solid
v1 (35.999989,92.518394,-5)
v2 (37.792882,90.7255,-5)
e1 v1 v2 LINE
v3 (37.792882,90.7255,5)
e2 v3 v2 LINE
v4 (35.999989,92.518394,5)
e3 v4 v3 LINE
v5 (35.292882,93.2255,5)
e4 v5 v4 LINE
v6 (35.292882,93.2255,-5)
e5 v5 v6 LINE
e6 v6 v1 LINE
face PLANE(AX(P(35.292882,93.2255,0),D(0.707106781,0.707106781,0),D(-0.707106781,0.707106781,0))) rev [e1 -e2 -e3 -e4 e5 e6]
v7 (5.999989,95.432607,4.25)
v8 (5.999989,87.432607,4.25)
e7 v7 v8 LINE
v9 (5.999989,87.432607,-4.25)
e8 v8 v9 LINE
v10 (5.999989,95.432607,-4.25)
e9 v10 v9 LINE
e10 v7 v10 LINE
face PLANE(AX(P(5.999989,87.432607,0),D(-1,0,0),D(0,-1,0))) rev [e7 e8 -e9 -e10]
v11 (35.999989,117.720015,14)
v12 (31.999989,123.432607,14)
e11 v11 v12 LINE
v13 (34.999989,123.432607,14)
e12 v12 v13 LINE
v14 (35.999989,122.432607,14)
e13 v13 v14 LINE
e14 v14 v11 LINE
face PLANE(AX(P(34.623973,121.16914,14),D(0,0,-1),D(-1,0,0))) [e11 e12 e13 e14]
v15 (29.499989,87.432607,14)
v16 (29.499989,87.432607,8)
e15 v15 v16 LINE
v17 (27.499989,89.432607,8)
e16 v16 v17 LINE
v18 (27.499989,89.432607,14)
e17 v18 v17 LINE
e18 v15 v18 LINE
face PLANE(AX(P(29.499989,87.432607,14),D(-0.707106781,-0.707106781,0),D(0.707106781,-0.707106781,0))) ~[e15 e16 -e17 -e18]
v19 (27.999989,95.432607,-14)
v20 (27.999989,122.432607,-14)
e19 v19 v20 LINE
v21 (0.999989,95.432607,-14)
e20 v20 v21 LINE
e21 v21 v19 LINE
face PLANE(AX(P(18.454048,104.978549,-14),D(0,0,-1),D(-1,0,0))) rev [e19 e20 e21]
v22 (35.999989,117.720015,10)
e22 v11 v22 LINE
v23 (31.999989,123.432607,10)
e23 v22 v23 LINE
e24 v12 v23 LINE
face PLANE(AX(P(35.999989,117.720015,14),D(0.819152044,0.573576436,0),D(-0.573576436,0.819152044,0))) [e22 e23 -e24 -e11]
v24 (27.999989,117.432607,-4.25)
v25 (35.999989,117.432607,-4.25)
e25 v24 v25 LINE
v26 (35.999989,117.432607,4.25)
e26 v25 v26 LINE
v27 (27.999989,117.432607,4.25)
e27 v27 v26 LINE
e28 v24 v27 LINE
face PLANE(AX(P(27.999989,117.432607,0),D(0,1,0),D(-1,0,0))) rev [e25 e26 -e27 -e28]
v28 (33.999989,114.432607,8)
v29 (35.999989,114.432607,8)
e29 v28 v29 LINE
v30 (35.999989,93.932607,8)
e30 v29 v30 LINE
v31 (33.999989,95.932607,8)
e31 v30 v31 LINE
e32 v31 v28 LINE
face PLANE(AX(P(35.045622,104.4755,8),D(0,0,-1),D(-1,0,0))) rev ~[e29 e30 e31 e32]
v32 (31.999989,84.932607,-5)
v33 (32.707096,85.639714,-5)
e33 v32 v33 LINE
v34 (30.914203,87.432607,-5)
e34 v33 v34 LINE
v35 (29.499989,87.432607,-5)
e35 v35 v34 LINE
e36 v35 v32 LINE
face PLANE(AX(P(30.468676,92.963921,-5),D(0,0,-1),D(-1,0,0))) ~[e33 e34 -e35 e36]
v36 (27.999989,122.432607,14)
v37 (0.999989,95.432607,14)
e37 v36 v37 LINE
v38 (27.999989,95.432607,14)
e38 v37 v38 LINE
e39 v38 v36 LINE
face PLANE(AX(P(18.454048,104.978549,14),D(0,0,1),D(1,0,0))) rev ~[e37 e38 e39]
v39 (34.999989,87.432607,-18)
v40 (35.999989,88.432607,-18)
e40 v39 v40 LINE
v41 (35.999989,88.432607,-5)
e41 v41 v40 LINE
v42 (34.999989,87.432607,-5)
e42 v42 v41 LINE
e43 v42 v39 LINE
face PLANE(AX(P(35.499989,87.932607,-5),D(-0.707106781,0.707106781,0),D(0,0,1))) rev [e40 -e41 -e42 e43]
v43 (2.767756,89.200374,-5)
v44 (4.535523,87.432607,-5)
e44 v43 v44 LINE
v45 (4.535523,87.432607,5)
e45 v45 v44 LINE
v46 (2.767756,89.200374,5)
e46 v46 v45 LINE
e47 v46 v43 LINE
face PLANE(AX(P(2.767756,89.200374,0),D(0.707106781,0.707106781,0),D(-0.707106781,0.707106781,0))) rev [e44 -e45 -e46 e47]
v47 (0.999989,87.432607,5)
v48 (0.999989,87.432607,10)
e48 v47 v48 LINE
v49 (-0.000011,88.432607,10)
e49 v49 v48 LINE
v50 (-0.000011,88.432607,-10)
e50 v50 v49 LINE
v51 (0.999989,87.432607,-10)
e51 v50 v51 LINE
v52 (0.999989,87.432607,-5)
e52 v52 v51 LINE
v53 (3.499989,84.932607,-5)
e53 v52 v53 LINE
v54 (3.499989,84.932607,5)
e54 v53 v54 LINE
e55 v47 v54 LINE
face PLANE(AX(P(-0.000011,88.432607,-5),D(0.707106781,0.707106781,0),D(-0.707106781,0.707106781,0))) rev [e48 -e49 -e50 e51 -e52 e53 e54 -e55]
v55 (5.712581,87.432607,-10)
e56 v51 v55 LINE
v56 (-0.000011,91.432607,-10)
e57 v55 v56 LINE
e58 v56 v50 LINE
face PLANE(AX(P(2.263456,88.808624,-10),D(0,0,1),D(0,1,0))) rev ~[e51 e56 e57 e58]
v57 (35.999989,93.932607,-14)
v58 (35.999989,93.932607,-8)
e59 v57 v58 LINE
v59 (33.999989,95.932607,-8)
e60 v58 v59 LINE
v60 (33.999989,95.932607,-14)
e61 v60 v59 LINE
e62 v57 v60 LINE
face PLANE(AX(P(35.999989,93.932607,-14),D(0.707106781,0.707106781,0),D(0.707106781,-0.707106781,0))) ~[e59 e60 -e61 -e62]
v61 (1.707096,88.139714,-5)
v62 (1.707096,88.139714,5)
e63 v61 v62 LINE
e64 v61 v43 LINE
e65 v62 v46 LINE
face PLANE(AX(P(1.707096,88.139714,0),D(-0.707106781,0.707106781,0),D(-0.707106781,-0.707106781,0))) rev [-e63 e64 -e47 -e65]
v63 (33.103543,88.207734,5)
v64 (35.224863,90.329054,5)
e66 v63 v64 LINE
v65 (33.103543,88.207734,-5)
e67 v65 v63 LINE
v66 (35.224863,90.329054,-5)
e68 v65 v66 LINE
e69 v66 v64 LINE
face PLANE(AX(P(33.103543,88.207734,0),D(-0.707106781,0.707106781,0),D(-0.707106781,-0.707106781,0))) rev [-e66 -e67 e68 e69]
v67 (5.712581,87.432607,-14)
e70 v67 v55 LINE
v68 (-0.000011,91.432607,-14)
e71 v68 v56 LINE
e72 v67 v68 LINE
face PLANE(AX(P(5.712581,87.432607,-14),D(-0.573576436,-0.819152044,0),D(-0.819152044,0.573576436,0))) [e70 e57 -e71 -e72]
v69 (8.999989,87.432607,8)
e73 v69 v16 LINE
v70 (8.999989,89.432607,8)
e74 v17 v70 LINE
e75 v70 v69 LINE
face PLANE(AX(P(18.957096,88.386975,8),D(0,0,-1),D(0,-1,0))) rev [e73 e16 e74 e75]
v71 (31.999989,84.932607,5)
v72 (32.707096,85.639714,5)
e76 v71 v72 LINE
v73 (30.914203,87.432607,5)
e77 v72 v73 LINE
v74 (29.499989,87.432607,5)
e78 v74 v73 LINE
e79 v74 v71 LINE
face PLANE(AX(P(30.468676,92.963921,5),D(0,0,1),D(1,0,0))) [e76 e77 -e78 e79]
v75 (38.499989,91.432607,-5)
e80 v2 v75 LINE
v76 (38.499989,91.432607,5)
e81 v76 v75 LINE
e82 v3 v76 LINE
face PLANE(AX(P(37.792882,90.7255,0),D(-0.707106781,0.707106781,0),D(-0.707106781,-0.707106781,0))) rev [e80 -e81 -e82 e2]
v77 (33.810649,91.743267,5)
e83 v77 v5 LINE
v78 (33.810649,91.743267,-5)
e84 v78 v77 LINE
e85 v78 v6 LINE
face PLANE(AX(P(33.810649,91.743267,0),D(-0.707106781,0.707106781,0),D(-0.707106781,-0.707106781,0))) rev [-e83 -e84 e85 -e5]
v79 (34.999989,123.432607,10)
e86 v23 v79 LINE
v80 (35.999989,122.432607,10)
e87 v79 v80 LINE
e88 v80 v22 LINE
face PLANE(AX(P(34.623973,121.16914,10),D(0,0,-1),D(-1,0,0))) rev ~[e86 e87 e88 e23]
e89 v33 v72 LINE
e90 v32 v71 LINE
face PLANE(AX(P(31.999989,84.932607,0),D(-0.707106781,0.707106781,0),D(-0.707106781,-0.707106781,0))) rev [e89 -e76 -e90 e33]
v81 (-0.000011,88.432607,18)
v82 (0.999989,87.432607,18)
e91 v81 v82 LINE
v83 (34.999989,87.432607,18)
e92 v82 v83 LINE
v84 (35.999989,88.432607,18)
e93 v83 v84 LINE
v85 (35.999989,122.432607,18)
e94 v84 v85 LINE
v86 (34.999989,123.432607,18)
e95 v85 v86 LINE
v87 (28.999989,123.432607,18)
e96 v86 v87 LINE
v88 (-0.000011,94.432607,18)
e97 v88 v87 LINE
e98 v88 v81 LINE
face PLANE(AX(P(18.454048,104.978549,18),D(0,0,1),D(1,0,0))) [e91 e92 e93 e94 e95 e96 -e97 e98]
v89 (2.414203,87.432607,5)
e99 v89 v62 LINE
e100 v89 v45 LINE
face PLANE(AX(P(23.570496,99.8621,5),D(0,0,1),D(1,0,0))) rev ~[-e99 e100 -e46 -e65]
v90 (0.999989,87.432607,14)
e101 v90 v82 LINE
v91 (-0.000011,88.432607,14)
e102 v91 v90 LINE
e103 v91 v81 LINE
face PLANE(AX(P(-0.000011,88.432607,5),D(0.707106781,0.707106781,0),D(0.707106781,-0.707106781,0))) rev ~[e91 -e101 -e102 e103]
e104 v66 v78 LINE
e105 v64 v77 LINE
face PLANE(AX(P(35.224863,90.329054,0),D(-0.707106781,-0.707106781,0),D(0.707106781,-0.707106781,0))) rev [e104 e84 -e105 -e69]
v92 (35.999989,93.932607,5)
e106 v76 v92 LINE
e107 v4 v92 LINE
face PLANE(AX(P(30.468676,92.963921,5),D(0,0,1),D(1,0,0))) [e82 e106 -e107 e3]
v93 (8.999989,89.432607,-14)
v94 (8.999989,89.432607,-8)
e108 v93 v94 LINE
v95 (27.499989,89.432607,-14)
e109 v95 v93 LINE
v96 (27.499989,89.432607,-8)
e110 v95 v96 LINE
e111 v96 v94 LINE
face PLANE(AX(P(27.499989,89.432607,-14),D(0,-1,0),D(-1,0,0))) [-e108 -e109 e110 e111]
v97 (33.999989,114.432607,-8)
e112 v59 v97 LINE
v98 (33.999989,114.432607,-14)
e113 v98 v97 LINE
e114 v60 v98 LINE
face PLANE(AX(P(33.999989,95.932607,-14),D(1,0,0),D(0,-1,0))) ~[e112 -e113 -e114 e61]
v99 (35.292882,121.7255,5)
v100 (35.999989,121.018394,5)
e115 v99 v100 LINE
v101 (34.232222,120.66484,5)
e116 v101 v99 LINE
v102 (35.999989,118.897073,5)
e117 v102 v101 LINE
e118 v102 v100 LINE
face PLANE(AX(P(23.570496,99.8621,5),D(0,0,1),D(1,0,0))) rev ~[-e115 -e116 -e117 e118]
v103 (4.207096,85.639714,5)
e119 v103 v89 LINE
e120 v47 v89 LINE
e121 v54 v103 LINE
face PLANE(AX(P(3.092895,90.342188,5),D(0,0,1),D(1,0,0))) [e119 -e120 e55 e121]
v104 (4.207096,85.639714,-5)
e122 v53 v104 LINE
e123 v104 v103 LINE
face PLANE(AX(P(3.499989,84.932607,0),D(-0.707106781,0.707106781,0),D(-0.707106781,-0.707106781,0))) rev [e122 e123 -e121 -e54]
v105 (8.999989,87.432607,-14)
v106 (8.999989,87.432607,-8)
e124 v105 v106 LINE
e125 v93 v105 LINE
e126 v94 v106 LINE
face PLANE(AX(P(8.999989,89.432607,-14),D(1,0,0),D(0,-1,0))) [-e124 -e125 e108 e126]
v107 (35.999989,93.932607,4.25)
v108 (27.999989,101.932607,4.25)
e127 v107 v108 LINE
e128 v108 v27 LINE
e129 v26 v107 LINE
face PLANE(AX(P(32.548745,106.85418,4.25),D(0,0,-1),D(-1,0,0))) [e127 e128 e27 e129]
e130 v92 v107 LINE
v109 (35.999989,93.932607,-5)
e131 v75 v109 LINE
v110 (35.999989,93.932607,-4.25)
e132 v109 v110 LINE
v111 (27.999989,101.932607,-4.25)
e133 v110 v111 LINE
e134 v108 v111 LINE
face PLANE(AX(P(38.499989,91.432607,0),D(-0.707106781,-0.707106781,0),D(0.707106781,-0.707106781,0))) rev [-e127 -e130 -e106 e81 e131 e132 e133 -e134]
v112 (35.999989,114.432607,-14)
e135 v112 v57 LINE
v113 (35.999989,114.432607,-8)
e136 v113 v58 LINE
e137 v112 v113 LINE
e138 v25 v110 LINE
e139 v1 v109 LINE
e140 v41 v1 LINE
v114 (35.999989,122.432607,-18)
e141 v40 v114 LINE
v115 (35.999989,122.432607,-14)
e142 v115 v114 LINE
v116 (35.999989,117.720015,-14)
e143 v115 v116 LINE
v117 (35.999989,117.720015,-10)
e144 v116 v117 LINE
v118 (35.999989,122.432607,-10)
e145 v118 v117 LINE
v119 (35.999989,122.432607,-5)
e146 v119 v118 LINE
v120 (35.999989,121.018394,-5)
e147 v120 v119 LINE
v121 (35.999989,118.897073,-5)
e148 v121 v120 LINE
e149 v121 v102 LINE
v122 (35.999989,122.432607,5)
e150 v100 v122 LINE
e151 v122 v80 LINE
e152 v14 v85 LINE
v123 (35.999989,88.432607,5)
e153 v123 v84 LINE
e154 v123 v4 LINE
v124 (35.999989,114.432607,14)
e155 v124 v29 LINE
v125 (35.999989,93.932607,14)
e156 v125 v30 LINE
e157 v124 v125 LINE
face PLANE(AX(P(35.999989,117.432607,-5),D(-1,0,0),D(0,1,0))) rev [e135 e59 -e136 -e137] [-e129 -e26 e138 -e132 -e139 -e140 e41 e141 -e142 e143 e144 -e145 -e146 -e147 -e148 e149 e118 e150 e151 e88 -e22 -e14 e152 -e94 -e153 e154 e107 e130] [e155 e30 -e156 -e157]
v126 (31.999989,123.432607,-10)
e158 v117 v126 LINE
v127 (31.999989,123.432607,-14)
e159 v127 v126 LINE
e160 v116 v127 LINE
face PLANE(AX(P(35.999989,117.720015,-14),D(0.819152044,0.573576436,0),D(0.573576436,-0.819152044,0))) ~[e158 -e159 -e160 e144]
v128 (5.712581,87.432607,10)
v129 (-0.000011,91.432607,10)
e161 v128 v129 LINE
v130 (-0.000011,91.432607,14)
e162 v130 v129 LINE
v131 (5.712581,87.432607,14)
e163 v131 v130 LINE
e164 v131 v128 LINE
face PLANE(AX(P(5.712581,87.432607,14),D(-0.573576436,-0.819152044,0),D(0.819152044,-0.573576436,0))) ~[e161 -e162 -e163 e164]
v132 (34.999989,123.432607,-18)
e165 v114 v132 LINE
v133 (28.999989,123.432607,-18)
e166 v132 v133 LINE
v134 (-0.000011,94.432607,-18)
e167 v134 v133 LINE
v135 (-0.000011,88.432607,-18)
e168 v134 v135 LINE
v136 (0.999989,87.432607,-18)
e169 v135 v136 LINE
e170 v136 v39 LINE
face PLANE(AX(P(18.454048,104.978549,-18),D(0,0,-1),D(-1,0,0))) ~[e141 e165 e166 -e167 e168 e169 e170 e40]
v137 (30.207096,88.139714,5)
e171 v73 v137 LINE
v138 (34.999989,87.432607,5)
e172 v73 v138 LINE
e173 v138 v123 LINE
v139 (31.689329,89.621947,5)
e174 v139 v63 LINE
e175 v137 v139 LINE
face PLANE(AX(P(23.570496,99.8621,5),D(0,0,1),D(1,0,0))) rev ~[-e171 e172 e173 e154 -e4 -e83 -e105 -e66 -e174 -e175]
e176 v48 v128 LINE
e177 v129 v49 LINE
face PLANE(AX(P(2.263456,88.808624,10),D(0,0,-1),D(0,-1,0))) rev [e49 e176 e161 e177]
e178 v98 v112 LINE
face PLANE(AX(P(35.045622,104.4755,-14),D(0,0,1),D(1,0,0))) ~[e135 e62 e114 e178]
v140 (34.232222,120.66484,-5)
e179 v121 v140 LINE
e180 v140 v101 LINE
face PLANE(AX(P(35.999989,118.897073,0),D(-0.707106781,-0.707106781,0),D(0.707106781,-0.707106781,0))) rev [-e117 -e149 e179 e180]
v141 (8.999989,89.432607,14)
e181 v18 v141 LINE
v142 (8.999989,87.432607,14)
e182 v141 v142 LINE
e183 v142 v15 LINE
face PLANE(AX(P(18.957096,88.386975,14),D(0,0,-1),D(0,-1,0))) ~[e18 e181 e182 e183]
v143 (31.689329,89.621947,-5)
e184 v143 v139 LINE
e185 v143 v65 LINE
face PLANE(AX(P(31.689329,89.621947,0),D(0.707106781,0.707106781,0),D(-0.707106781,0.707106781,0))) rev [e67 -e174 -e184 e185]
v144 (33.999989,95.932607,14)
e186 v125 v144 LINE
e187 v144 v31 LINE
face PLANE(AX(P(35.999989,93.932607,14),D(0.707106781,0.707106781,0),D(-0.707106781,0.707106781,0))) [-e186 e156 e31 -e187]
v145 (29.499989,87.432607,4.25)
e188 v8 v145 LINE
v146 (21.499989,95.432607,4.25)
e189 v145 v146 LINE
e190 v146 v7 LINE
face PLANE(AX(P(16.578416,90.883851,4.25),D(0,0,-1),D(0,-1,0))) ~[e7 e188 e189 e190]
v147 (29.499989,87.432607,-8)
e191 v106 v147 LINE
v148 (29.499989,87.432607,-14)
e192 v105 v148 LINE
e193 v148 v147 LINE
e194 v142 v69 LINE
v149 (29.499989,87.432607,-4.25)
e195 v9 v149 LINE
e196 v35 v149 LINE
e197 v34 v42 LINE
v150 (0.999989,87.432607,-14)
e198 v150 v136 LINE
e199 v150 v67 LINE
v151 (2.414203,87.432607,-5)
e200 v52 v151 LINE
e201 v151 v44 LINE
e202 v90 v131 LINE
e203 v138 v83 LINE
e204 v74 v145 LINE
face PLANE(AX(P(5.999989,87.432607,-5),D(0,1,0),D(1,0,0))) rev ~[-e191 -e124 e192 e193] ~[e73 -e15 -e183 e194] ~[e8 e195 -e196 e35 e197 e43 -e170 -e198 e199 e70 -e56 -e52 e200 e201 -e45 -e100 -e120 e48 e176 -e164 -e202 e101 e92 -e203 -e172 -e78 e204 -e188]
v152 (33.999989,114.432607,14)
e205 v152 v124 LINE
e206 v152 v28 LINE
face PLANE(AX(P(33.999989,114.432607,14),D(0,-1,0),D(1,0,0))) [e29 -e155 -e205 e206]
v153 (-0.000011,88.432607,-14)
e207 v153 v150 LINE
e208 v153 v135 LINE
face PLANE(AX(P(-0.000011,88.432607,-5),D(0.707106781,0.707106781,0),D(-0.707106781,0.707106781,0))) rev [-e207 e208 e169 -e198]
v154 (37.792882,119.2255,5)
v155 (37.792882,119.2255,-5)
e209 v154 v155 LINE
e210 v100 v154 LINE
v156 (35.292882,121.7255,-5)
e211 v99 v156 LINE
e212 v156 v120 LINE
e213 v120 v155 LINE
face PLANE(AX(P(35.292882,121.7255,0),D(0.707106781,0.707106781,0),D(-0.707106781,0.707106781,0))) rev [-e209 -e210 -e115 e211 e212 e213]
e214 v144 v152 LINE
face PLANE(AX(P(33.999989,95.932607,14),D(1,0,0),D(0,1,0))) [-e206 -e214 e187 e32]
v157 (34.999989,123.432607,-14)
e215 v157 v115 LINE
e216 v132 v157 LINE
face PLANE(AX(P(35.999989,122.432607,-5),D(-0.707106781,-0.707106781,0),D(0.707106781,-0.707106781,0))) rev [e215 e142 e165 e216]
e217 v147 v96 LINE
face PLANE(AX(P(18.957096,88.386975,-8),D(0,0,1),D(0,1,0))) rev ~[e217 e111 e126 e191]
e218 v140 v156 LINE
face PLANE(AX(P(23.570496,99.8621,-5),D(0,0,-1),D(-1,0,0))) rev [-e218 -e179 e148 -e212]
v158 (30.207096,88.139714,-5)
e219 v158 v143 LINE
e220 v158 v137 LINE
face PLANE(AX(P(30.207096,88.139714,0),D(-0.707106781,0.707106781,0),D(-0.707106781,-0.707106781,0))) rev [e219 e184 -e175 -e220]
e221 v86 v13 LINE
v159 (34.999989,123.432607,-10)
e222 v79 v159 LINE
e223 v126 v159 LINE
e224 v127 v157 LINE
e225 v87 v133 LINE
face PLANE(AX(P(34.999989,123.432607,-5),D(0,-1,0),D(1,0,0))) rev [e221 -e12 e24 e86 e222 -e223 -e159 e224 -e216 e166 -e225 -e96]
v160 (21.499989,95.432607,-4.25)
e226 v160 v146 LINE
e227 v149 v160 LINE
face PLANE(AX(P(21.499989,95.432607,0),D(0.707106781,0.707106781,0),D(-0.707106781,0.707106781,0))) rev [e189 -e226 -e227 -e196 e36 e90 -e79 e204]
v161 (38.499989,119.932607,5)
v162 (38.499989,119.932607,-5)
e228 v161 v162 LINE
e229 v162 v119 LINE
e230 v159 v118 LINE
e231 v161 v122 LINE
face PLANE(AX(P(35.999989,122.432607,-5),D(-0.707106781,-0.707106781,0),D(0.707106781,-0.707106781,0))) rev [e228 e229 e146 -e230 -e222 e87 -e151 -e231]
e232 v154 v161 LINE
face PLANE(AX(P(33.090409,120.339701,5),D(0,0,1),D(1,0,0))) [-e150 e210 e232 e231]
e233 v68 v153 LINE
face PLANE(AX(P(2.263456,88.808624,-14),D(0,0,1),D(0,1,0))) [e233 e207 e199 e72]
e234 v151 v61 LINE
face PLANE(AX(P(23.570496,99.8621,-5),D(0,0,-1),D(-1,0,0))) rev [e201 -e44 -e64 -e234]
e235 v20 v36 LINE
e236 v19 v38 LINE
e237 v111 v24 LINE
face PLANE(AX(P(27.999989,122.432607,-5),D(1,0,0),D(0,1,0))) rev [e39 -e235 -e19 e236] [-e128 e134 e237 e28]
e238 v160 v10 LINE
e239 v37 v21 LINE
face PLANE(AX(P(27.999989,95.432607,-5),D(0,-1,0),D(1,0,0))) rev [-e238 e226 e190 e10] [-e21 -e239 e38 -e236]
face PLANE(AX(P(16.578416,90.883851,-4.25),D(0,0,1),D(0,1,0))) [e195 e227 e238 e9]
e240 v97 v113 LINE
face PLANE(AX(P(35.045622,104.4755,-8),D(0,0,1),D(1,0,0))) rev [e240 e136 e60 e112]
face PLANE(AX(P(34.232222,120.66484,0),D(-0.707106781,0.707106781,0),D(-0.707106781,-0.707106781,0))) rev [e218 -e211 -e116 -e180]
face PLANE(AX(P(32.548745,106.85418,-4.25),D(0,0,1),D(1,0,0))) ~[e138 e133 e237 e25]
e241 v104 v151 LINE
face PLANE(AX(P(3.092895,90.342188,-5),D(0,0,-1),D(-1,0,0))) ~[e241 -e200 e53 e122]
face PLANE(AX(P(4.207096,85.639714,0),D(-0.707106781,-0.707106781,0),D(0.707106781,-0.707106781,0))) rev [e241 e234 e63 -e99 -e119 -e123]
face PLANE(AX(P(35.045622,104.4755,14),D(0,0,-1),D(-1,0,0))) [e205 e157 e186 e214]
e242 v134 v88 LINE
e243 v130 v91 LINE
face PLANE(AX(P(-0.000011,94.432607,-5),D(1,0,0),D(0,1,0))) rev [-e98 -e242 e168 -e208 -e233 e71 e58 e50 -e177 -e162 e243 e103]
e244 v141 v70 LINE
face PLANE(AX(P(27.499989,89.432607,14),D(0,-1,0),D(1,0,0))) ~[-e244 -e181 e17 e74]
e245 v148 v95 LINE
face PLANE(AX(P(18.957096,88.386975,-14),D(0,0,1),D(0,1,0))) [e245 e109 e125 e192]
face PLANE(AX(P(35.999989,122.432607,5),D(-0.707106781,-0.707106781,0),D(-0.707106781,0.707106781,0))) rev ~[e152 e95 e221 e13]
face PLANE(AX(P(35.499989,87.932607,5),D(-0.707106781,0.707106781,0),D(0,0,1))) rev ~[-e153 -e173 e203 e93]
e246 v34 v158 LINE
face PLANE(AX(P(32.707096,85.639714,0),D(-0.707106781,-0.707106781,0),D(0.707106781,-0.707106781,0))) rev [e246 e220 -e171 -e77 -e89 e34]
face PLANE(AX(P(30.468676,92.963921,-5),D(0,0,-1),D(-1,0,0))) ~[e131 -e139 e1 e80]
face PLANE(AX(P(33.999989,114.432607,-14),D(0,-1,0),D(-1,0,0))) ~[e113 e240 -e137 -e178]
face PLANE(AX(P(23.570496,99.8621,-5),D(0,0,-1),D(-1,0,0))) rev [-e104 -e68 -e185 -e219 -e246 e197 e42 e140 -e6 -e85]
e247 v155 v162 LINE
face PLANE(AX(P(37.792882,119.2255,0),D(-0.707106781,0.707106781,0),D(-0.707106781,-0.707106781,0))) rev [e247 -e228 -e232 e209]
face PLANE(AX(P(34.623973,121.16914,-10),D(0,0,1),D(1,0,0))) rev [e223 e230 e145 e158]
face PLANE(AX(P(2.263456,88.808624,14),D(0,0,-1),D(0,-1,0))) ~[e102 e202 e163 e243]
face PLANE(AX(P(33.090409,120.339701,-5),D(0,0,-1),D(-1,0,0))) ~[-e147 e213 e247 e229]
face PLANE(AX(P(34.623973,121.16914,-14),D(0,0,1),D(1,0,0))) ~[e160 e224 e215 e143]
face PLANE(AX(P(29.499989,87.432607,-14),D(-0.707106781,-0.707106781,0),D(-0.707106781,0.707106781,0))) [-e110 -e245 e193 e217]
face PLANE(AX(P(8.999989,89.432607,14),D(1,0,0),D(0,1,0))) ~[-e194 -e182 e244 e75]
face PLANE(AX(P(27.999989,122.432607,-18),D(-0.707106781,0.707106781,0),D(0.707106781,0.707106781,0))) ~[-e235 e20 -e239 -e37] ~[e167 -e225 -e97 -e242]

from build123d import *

# Parameters (mm, degrees)
EXTRUDE_1_DEPTH     = 5
EXTRUDE_1_2_DEPTH   = 5
EXTRUDE_1_3_DEPTH   = 5
EXTRUDE_2_DEPTH     = 13
EXTRUDE_3_DEPTH     = 0.75
CUT_EXTRUDE_1_DEPTH = 6
CUT_EXTRUDE_2_DEPTH = 4
EXTRUDE_5_DEPTH     = 4
CHAMFER_1_SIZE      = 1


with BuildPart() as part:
    # 草图1 → 拉伸1 (new body)
    with BuildSketch(Plane.XY):
        Polygon((21.49998914, 95.432607267), (27.49998914, 89.432607267), (29.49998914, 87.432607267), (31.99998914, 84.932607267), (32.707095921, 85.639714048), (30.914202702, 87.432607267), (30.207095921, 88.139714048), (31.689328968, 89.621947095), (33.103542531, 88.207733533), (35.224862874, 90.329053877), (33.810649312, 91.743267439), (35.292882359, 93.225500486), (35.99998914, 92.518393705), (37.792882359, 90.725500486), (38.49998914, 91.432607267), (35.99998914, 93.932607267), (33.99998914, 95.932607267), (27.99998914, 101.932607267), (27.99998914, 95.432607267), align=None)
    extrude(amount=EXTRUDE_1_DEPTH)



with BuildPart() as body_2:
    # 草图1 → Extrude 1 2 (new body)
    with BuildSketch(Plane.XY):
        Polygon((5.99998914, 87.432607267), (5.99998914, 95.432607267), (0.99998914, 95.432607267), (-1.086e-05, 94.432607267), (-1.086e-05, 88.432607267), (0.99998914, 87.432607267), (3.49998914, 84.932607267), (4.207095921, 85.639714048), (2.414202702, 87.432607267), (1.707095921, 88.139714048), (2.767756093, 89.20037422), (4.535523046, 87.432607267), align=None)
    extrude(amount=EXTRUDE_1_2_DEPTH)


with BuildPart() as body_3:
    # 草图1 → Extrude 1 3 (new body)
    with BuildSketch(Plane.XY):
        Polygon((27.99998914, 117.432607267), (35.99998914, 117.432607267), (35.99998914, 118.897073361), (34.232222187, 120.664840314), (35.292882359, 121.725500486), (35.99998914, 121.018393705), (37.792882359, 119.225500486), (38.49998914, 119.932607267), (35.99998914, 122.432607267), (34.99998914, 123.432607267), (28.99998914, 123.432607267), (27.99998914, 122.432607267), align=None)
    extrude(amount=EXTRUDE_1_3_DEPTH)


with BuildPart() as part_1:
    add(part.part)

    add(body_2.part)  # 拉伸2 merges body 2

    add(body_3.part)  # 拉伸2 merges body 3
    # 草图2 → 拉伸2 (add)
    with BuildSketch(Plane.XY.offset(5)):
        Polygon((34.99998914, 123.432607267), (28.99998914, 123.432607267), (27.99998914, 122.432607267), (27.99998914, 95.432607267), (0.99998914, 95.432607267), (-1.086e-05, 94.432607267), (-1.086e-05, 88.432607267), (0.99998914, 87.432607267), (35.99998914, 87.432607267), (35.99998914, 122.432607267), align=None)
    extrude(amount=EXTRUDE_2_DEPTH)

    # 草图3 → 拉伸3 (add)
    with BuildSketch(Plane(origin=(0, 0, 5), x_dir=(-1, 0, 0), z_dir=(0, 0, -1))):
        Polygon((-27.99998914, 117.432607267), (-35.99998914, 117.432607267), (-35.99998914, 93.932607267), (-27.99998914, 101.932607267), align=None)
    extrude_3 = extrude(amount=EXTRUDE_3_DEPTH)

    # 镜向1: 拉伸3 across plane
    add(extrude_3.mirror(Plane(origin=(61.716298204, 61.716298204, 0), x_dir=(0, 0, 1), z_dir=(-0.707106781, -0.707106781, 0))))

    # 草图4 → 切除-拉伸1 (cut)
    with BuildSketch(Plane.XY.offset(14)):
        Polygon((33.99998914, 114.432607267), (35.99998914, 114.432607267), (35.99998914, 93.932607267), (33.99998914, 95.932607267), align=None)
    cut_extrude_1 = extrude(amount=-CUT_EXTRUDE_1_DEPTH, mode=Mode.SUBTRACT)

    # 草图6 → 切除-拉伸2 (cut)
    with BuildSketch(Plane.XY.offset(14)):
        Polygon((31.99998914, 123.432607267), (34.99998914, 123.432607267), (35.99998914, 122.432607267), (35.99998914, 117.72001524), align=None)
    cut_extrude_2 = extrude(amount=-CUT_EXTRUDE_2_DEPTH, mode=Mode.SUBTRACT)

    # 镜向2: 切除-拉伸1, 切除-拉伸2 across plane
    add(cut_extrude_1.mirror(Plane(origin=(61.716298204, 61.716298204, 0), x_dir=(0, 0, 1), z_dir=(-0.707106781, -0.707106781, 0))), mode=Mode.SUBTRACT)
    add(cut_extrude_2.mirror(Plane(origin=(61.716298204, 61.716298204, 0), x_dir=(0, 0, 1), z_dir=(-0.707106781, -0.707106781, 0))), mode=Mode.SUBTRACT)

    # 草图7 → 拉伸5 (add)
    with BuildSketch(Plane.XY.offset(18)):
        Polygon((0.99998914, 95.432607267), (27.99998914, 95.432607267), (27.99998914, 122.432607267), align=None)
    extrude(amount=-EXTRUDE_5_DEPTH)

    # 镜向4: part across plane


with BuildPart() as part_2:
    add(part_1.part)
    add(part_1.part.mirror(Plane(origin=(0, 0, 0), x_dir=(1, 0, 0), z_dir=(0, 0, -1))))

    # 倒角1
    chamfer_1_edges = [part_2.edges().sort_by_distance(p)[0] for p in [
        (35.99998914, 87.432607267, -11.5),
        (35.99998914, 87.432607267, 11.5),
    ]]
    chamfer(chamfer_1_edges, length=CHAMFER_1_SIZE)


solid = part_2.part
